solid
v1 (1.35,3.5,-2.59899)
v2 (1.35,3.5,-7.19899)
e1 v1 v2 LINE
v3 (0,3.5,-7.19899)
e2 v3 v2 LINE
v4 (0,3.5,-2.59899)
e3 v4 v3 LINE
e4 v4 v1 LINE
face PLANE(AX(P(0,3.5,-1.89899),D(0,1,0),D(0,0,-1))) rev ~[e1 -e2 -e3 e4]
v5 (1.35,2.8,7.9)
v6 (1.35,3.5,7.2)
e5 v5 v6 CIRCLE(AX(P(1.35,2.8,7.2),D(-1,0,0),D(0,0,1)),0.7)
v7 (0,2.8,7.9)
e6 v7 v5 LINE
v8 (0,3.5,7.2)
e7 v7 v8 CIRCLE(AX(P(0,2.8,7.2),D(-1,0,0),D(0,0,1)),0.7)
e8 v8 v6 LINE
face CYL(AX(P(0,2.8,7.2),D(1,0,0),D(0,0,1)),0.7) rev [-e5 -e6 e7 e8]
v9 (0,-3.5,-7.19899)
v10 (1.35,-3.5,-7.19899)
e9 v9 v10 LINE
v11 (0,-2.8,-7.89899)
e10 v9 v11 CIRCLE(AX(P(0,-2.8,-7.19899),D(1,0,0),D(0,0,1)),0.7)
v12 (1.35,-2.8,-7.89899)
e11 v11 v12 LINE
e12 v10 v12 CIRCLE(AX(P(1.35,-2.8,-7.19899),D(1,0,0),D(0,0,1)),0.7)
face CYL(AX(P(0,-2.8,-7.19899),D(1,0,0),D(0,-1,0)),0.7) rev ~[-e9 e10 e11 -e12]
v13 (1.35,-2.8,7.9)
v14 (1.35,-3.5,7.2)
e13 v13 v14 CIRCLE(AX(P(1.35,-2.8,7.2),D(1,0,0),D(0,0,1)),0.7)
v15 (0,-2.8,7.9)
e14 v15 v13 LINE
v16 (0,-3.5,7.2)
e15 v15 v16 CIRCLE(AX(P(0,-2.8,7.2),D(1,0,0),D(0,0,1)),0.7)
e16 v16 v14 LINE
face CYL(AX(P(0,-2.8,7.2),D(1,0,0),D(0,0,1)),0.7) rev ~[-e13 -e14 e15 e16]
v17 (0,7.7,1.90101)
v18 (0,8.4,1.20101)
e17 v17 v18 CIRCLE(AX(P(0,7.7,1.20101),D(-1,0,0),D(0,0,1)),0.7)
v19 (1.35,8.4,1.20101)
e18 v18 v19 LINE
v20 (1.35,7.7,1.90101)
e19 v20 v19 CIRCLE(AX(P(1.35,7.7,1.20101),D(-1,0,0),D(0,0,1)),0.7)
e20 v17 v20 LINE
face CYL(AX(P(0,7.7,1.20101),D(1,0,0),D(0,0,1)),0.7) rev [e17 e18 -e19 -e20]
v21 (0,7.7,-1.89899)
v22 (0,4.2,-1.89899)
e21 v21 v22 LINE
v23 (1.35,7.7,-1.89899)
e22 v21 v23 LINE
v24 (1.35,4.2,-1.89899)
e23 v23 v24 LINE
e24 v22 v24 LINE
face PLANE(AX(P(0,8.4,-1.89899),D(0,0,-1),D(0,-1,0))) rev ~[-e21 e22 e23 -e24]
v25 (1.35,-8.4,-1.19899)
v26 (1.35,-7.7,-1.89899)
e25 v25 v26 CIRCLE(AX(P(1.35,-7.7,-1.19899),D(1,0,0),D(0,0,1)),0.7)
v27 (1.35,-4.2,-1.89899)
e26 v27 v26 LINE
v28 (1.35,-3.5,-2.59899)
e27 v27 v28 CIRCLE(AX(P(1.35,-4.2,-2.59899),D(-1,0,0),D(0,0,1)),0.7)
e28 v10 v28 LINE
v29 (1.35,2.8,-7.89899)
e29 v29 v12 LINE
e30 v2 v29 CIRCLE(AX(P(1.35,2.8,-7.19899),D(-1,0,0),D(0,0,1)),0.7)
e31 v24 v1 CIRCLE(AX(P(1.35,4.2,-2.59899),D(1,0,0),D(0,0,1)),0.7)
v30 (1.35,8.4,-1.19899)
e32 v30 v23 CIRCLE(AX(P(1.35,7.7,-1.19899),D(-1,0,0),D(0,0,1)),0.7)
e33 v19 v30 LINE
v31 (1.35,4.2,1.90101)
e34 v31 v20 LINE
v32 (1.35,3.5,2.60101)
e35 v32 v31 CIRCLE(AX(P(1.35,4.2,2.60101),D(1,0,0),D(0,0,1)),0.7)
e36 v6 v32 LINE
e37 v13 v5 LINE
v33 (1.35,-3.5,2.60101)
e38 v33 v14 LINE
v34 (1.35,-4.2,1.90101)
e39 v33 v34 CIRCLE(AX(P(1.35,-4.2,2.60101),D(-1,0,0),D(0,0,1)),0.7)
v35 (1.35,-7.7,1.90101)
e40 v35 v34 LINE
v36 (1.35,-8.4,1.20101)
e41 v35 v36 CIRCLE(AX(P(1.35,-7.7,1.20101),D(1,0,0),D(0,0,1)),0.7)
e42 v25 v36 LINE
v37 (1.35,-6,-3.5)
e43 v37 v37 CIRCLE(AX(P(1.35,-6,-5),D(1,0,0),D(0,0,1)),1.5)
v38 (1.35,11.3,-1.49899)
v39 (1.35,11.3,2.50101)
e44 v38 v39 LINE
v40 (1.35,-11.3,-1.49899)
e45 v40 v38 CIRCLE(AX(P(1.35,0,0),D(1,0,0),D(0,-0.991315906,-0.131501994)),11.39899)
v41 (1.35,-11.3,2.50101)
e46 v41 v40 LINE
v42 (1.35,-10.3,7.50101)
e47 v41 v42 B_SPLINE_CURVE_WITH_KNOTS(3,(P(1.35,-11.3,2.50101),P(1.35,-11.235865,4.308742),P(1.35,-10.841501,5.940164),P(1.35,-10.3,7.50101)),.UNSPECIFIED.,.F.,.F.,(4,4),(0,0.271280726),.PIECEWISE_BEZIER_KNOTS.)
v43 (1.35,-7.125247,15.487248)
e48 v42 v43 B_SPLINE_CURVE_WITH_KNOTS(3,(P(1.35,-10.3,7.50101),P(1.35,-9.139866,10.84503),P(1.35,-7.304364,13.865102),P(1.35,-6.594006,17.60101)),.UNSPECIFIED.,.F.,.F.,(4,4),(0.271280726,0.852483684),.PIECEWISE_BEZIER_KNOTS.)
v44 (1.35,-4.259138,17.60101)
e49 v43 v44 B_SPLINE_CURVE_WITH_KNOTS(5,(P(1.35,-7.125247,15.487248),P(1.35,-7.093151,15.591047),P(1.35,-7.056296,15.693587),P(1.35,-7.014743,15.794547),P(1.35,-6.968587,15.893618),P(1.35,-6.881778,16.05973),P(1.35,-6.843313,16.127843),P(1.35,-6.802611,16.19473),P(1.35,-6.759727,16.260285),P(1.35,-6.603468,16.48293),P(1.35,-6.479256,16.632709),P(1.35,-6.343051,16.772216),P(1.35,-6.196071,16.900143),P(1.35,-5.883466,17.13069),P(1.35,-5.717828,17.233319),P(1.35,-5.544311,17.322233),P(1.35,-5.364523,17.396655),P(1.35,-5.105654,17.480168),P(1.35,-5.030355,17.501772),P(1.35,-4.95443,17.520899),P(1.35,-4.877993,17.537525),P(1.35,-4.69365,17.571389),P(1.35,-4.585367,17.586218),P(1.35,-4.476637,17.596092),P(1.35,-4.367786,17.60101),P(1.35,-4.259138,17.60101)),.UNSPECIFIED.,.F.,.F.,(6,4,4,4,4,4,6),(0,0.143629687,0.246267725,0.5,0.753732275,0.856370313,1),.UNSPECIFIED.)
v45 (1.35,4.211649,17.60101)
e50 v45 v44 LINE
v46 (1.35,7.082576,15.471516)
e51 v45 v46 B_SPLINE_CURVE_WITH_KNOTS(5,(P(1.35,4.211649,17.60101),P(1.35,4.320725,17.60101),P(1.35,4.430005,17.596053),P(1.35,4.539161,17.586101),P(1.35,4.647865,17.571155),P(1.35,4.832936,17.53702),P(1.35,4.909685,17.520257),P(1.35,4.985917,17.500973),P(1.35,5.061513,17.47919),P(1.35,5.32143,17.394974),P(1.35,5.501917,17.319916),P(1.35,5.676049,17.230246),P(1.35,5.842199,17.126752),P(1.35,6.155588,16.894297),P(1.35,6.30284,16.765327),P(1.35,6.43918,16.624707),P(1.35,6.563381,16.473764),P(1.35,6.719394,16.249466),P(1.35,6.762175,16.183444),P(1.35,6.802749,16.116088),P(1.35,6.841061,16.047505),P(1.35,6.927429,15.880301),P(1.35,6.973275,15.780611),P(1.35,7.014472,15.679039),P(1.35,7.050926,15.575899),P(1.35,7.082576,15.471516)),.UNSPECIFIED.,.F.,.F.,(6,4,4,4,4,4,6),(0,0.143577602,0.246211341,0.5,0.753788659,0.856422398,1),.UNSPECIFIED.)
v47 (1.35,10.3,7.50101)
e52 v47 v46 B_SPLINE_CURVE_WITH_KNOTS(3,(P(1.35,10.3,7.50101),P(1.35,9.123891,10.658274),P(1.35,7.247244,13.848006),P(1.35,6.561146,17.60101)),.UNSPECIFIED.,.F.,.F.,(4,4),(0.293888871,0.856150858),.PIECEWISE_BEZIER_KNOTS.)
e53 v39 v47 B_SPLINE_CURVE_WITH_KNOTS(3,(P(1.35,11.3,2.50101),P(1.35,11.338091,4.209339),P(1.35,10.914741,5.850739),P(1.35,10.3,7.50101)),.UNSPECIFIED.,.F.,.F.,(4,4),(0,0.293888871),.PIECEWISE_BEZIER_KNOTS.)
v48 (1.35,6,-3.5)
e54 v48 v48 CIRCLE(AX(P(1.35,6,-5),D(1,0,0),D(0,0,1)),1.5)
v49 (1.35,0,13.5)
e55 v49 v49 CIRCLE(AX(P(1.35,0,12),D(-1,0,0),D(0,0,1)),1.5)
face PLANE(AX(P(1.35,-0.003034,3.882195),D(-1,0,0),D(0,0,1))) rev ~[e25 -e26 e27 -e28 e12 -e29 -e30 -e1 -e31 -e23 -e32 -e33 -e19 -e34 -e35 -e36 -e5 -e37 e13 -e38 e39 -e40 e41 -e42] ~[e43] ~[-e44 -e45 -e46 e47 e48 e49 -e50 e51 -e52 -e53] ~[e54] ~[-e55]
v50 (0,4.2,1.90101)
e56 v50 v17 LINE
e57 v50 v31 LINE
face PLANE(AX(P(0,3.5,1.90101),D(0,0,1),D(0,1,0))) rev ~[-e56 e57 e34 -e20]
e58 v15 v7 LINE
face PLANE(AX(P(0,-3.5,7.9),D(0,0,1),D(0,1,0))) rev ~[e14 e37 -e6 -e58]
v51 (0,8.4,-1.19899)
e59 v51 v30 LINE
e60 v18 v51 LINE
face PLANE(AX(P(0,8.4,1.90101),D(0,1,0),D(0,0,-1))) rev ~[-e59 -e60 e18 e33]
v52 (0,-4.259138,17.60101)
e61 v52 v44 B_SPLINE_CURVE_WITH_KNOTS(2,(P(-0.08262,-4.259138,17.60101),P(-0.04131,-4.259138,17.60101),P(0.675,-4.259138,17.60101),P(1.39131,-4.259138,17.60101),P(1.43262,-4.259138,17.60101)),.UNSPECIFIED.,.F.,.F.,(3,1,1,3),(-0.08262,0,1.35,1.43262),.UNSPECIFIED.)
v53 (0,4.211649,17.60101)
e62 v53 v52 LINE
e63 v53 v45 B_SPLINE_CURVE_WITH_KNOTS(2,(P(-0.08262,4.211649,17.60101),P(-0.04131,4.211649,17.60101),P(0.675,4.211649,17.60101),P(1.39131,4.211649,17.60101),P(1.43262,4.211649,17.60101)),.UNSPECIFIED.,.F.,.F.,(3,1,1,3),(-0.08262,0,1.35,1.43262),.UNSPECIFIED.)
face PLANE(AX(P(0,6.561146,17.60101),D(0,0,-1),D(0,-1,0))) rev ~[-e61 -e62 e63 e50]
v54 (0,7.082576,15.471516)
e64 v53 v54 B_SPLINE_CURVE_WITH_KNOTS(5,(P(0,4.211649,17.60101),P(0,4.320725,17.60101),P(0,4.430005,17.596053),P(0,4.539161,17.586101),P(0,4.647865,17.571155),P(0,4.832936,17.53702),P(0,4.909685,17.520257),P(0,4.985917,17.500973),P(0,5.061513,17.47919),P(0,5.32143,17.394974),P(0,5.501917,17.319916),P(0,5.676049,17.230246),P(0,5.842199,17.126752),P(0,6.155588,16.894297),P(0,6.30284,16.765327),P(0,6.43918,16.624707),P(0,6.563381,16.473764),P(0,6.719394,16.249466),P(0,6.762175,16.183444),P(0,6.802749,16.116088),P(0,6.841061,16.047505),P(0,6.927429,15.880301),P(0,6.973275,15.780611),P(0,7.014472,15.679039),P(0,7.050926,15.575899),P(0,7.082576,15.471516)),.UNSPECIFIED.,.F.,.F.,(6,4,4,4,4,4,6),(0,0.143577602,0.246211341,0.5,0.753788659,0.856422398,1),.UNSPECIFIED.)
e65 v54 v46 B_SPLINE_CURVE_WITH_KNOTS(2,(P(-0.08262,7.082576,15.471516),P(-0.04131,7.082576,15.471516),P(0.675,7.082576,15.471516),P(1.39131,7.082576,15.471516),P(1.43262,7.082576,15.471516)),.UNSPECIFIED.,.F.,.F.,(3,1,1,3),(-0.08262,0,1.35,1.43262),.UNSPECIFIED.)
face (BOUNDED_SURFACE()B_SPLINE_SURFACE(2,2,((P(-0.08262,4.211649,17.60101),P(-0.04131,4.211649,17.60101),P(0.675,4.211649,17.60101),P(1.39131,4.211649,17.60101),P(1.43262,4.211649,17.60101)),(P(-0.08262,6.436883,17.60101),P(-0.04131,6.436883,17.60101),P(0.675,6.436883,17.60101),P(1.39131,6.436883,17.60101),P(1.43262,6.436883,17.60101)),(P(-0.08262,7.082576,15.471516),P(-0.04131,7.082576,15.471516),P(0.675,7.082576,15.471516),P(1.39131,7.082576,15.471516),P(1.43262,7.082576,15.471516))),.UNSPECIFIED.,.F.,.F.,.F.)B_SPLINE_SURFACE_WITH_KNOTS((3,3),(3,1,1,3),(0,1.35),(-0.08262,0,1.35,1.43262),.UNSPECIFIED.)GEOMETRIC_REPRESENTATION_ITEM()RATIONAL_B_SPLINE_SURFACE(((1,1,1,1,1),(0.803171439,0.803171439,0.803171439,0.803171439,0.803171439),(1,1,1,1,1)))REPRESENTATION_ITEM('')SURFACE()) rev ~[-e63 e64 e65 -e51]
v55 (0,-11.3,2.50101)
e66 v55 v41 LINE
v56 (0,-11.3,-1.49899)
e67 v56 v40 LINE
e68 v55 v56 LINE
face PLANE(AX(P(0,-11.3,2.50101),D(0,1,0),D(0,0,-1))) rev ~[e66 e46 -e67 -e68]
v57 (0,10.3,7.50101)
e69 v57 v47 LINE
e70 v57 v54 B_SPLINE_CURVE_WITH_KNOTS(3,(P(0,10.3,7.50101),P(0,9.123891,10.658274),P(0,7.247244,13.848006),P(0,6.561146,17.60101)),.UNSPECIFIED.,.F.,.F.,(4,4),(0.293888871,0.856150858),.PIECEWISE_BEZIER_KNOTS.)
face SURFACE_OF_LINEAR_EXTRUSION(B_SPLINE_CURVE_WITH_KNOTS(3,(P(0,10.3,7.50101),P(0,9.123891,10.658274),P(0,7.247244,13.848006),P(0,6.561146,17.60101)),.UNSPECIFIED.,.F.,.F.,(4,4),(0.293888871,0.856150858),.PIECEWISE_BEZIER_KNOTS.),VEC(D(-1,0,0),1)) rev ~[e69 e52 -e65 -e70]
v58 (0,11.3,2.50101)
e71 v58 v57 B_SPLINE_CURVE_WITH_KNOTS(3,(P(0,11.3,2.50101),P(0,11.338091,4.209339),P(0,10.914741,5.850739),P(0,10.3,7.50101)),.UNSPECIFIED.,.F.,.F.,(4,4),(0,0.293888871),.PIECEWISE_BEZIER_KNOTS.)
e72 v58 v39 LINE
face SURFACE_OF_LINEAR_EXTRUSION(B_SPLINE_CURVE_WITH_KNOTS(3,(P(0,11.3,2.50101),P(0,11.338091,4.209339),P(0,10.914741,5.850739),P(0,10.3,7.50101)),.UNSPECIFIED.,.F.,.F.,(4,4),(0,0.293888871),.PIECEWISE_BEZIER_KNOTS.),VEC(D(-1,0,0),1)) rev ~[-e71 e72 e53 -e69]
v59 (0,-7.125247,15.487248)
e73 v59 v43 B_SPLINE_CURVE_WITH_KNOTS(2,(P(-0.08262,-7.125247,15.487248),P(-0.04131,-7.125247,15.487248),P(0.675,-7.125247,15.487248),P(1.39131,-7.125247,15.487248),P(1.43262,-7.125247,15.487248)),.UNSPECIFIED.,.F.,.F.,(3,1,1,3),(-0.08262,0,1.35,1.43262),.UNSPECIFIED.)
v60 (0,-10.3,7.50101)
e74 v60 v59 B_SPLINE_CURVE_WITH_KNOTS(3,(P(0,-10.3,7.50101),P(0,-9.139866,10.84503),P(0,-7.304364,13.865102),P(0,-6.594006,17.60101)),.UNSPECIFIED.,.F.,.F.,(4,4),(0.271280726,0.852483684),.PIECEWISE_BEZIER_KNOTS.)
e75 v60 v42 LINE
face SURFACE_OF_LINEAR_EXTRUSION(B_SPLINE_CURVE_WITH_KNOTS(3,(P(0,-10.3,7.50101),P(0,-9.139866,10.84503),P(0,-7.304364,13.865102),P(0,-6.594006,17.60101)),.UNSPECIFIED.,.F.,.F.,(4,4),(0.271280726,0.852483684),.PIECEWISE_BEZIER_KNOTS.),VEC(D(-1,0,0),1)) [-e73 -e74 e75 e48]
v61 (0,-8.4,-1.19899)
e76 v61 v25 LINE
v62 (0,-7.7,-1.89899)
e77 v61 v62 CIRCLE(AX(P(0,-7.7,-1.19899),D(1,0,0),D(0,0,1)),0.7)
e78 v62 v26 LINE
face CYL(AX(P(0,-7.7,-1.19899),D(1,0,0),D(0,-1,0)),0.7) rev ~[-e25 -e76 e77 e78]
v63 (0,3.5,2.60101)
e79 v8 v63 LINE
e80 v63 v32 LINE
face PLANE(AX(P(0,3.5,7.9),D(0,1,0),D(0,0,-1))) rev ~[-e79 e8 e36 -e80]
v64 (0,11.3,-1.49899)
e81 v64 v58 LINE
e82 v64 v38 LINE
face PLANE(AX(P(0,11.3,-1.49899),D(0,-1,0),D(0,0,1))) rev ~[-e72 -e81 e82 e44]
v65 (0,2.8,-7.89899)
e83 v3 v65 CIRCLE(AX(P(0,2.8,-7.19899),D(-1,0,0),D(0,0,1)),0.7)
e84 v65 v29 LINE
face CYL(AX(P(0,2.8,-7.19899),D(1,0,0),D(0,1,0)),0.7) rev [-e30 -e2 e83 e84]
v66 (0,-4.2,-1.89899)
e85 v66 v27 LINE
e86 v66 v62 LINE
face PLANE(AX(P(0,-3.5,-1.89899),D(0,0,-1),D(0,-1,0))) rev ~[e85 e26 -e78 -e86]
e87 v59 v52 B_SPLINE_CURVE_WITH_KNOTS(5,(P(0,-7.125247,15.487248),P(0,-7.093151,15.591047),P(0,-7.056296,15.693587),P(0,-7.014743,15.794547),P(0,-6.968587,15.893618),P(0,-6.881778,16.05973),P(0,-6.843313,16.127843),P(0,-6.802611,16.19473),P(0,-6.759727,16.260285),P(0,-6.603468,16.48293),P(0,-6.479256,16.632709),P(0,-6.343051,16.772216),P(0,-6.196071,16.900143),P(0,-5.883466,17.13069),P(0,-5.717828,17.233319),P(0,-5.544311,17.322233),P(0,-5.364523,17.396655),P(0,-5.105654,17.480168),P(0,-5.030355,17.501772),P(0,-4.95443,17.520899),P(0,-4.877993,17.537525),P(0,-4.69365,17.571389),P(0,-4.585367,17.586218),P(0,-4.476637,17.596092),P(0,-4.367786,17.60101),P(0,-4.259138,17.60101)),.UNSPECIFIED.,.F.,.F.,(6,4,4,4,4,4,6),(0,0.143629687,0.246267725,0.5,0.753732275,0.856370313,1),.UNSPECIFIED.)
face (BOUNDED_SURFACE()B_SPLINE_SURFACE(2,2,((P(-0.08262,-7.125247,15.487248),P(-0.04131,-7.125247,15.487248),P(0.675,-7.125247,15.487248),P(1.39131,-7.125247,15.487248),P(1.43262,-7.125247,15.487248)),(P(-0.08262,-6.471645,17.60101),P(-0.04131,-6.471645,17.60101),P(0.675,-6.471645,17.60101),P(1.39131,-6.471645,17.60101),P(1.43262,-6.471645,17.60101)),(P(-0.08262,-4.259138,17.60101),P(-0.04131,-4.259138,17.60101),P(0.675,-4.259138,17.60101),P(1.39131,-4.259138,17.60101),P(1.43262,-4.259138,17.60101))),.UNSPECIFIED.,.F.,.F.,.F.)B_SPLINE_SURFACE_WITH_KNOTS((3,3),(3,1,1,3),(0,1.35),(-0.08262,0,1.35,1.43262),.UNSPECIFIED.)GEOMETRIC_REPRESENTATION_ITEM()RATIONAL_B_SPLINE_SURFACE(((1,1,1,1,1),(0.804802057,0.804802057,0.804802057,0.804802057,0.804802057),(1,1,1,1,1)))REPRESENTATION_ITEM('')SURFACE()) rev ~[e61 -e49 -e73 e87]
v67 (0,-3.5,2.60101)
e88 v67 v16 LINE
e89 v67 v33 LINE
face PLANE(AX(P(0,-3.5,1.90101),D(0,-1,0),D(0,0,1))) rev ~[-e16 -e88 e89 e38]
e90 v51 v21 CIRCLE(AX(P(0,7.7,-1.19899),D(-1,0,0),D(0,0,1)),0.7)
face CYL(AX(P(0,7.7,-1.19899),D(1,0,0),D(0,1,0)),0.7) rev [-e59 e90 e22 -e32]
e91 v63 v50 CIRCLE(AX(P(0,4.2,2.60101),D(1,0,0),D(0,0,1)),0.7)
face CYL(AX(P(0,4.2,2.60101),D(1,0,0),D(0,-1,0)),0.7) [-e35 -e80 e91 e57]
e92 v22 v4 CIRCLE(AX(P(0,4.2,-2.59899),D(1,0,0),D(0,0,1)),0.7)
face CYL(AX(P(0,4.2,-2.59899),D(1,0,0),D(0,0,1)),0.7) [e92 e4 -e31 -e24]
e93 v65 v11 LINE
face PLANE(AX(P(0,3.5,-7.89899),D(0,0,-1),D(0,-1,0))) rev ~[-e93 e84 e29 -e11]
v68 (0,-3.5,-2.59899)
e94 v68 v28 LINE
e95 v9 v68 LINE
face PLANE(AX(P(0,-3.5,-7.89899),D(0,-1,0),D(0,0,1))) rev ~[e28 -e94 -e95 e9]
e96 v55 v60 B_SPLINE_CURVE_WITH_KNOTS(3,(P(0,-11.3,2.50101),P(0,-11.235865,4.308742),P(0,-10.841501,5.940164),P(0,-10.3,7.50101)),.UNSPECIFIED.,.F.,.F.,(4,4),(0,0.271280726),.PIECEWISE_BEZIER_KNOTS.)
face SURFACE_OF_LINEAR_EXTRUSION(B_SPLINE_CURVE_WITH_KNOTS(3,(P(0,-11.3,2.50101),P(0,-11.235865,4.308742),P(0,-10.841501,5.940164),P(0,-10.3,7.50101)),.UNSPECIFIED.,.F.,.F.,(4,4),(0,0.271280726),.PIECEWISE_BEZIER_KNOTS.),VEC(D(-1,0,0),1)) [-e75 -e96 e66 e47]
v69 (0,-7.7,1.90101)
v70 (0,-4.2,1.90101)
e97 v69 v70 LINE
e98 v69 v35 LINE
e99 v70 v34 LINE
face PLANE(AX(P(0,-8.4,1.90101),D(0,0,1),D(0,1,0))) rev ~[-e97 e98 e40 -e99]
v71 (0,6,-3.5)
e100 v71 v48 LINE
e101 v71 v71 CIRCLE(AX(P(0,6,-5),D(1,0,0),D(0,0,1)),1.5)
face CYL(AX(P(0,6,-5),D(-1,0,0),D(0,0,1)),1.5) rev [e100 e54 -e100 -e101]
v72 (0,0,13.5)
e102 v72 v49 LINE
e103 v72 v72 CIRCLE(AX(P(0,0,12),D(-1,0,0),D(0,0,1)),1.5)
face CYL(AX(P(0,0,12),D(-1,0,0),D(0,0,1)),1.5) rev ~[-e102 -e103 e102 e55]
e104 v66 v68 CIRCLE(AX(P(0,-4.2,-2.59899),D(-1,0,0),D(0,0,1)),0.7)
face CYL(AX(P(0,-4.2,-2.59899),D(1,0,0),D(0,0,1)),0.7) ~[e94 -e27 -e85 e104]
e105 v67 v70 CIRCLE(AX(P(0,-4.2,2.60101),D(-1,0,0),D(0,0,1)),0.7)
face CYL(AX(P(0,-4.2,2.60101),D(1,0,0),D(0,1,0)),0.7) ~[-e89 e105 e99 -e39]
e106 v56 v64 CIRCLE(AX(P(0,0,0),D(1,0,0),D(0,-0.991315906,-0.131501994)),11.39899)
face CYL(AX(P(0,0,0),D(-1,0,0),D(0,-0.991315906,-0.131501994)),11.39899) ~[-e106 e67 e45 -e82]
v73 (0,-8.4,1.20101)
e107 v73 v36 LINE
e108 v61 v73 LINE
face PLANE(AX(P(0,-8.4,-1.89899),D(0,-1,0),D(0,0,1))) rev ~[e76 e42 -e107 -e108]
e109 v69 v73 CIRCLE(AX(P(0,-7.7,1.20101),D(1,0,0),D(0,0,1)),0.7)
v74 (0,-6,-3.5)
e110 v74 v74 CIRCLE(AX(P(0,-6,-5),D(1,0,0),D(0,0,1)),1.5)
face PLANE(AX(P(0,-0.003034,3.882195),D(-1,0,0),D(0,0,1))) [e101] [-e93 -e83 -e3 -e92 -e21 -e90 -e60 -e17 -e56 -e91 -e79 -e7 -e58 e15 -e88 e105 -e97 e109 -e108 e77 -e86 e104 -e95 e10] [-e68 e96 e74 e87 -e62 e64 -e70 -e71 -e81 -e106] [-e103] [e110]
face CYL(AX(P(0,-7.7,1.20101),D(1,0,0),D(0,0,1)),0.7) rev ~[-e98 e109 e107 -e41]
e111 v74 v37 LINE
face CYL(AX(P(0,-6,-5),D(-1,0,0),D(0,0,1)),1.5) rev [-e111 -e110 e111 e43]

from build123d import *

# Parameters (mm, degrees)
SCHIZZO1_R                   = 1.5
ESTRUSIONE_ESTRUSIONE1_DEPTH = 1.35
RACCORDO2_R                  = 3
RACCORDO3_R                  = 3
RACCORDO4_R                  = 0.7


with BuildPart() as part:
    # Schizzo1 → Estrusione-Estrusione1 (new body)
    with BuildSketch(Plane(origin=(0, 0, 0), x_dir=(0, 0, -1), z_dir=(1, 0, 0))):
        with BuildLine():
            add(Edge.make_bspline(
                [(-7.501010101, -10.3), (-10.845030199, -9.13986581), (-13.865102381, -7.304364218), (-17.601010101, -6.594005849)],
                knots=[0.271280726, 0.271280726, 0.271280726, 0.271280726, 0.852483684, 0.852483684, 0.852483684, 0.852483684], degree=3))
            add(Edge.make_bspline(
                [(-2.501010101, -11.3), (-4.308742426, -11.235865063), (-5.940164296, -10.841501107), (-7.501010101, -10.3)],
                knots=[0, 0, 0, 0, 0.271280726, 0.271280726, 0.271280726, 0.271280726], degree=3))
            Line((-2.501010101, -11.3), (1.498989899, -11.3))
            ThreePointArc((1.498989899, -11.3), (11.398989899, 0), (1.498989899, 11.3))
            Line((1.498989899, 11.3), (-2.501010101, 11.3))
            add(Edge.make_bspline(
                [(-2.501010101, 11.3), (-4.209338931, 11.338090952), (-5.850739142, 10.914740779), (-7.501010101, 10.3)],
                knots=[0, 0, 0, 0, 0.293888871, 0.293888871, 0.293888871, 0.293888871], degree=3))
            add(Edge.make_bspline(
                [(-7.501010101, 10.3), (-10.658273676, 9.123890914), (-13.848006436, 7.247243694), (-17.601010101, 6.561146452)],
                knots=[0.293888871, 0.293888871, 0.293888871, 0.293888871, 0.856150858, 0.856150858, 0.856150858, 0.856150858], degree=3))
            Line((-17.601010101, 6.561146452), (-17.601010101, 0))
            Line((-17.601010101, 0), (-17.601010101, -6.594005849))
        make_face()
        with Locations(Location((5, -6, 0), (0, 0, 180))):
            Circle(SCHIZZO1_R, mode=Mode.SUBTRACT)
        with BuildLine():
            ThreePointArc((-10.5, 0), (-12, -1.5), (-13.5, 0))
            ThreePointArc((-13.5, 0), (-12, 1.5), (-10.5, 0))
        make_face(mode=Mode.SUBTRACT)
        Polygon((-7.9, -3.5), (-7.9, 0), (-7.9, 3.5), (-1.901010101, 3.5), (-1.901010101, 8.4), (1.898989899, 8.4), (1.898989899, 3.5), (7.898989899, 3.5), (7.898989899, -3.5), (1.898989899, -3.5), (1.898989899, -8.4), (-1.901010101, -8.4), (-1.901010101, -3.5), align=None, mode=Mode.SUBTRACT)
        with Locations(Location((5, 6, 0), (0, 0, 180))):
            Circle(SCHIZZO1_R, mode=Mode.SUBTRACT)
    extrude(amount=ESTRUSIONE_ESTRUSIONE1_DEPTH)

    # Raccordo2
    raccordo2_edges = [part.edges().sort_by_distance(p)[0] for p in [
        (0.675, -6.594005849, 17.601010101),
    ]]
    fillet(raccordo2_edges, radius=RACCORDO2_R)

    # Raccordo3
    raccordo3_edges = [part.edges().sort_by_distance(p)[0] for p in [
        (0.675, 6.561146452, 17.601010101),
    ]]
    fillet(raccordo3_edges, radius=RACCORDO3_R)

    # Raccordo4
    raccordo4_edges = [part.edges().sort_by_distance(p)[0] for p in [
        (0.675, -3.5, 1.901010101),
        (0.675, -8.4, 1.901010101),
        (0.675, -8.4, -1.898989899),
        (0.675, -3.5, -1.898989899),
        (0.675, -3.5, -7.898989899),
        (0.675, 3.5, -7.898989899),
        (0.675, 3.5, -1.898989899),
        (0.675, 8.4, -1.898989899),
        (0.675, 8.4, 1.901010101),
        (0.675, 3.5, 1.901010101),
        (0.675, 3.5, 7.9),
        (0.675, -3.5, 7.9),
    ]]
    fillet(raccordo4_edges, radius=RACCORDO4_R)


solid = part.part
